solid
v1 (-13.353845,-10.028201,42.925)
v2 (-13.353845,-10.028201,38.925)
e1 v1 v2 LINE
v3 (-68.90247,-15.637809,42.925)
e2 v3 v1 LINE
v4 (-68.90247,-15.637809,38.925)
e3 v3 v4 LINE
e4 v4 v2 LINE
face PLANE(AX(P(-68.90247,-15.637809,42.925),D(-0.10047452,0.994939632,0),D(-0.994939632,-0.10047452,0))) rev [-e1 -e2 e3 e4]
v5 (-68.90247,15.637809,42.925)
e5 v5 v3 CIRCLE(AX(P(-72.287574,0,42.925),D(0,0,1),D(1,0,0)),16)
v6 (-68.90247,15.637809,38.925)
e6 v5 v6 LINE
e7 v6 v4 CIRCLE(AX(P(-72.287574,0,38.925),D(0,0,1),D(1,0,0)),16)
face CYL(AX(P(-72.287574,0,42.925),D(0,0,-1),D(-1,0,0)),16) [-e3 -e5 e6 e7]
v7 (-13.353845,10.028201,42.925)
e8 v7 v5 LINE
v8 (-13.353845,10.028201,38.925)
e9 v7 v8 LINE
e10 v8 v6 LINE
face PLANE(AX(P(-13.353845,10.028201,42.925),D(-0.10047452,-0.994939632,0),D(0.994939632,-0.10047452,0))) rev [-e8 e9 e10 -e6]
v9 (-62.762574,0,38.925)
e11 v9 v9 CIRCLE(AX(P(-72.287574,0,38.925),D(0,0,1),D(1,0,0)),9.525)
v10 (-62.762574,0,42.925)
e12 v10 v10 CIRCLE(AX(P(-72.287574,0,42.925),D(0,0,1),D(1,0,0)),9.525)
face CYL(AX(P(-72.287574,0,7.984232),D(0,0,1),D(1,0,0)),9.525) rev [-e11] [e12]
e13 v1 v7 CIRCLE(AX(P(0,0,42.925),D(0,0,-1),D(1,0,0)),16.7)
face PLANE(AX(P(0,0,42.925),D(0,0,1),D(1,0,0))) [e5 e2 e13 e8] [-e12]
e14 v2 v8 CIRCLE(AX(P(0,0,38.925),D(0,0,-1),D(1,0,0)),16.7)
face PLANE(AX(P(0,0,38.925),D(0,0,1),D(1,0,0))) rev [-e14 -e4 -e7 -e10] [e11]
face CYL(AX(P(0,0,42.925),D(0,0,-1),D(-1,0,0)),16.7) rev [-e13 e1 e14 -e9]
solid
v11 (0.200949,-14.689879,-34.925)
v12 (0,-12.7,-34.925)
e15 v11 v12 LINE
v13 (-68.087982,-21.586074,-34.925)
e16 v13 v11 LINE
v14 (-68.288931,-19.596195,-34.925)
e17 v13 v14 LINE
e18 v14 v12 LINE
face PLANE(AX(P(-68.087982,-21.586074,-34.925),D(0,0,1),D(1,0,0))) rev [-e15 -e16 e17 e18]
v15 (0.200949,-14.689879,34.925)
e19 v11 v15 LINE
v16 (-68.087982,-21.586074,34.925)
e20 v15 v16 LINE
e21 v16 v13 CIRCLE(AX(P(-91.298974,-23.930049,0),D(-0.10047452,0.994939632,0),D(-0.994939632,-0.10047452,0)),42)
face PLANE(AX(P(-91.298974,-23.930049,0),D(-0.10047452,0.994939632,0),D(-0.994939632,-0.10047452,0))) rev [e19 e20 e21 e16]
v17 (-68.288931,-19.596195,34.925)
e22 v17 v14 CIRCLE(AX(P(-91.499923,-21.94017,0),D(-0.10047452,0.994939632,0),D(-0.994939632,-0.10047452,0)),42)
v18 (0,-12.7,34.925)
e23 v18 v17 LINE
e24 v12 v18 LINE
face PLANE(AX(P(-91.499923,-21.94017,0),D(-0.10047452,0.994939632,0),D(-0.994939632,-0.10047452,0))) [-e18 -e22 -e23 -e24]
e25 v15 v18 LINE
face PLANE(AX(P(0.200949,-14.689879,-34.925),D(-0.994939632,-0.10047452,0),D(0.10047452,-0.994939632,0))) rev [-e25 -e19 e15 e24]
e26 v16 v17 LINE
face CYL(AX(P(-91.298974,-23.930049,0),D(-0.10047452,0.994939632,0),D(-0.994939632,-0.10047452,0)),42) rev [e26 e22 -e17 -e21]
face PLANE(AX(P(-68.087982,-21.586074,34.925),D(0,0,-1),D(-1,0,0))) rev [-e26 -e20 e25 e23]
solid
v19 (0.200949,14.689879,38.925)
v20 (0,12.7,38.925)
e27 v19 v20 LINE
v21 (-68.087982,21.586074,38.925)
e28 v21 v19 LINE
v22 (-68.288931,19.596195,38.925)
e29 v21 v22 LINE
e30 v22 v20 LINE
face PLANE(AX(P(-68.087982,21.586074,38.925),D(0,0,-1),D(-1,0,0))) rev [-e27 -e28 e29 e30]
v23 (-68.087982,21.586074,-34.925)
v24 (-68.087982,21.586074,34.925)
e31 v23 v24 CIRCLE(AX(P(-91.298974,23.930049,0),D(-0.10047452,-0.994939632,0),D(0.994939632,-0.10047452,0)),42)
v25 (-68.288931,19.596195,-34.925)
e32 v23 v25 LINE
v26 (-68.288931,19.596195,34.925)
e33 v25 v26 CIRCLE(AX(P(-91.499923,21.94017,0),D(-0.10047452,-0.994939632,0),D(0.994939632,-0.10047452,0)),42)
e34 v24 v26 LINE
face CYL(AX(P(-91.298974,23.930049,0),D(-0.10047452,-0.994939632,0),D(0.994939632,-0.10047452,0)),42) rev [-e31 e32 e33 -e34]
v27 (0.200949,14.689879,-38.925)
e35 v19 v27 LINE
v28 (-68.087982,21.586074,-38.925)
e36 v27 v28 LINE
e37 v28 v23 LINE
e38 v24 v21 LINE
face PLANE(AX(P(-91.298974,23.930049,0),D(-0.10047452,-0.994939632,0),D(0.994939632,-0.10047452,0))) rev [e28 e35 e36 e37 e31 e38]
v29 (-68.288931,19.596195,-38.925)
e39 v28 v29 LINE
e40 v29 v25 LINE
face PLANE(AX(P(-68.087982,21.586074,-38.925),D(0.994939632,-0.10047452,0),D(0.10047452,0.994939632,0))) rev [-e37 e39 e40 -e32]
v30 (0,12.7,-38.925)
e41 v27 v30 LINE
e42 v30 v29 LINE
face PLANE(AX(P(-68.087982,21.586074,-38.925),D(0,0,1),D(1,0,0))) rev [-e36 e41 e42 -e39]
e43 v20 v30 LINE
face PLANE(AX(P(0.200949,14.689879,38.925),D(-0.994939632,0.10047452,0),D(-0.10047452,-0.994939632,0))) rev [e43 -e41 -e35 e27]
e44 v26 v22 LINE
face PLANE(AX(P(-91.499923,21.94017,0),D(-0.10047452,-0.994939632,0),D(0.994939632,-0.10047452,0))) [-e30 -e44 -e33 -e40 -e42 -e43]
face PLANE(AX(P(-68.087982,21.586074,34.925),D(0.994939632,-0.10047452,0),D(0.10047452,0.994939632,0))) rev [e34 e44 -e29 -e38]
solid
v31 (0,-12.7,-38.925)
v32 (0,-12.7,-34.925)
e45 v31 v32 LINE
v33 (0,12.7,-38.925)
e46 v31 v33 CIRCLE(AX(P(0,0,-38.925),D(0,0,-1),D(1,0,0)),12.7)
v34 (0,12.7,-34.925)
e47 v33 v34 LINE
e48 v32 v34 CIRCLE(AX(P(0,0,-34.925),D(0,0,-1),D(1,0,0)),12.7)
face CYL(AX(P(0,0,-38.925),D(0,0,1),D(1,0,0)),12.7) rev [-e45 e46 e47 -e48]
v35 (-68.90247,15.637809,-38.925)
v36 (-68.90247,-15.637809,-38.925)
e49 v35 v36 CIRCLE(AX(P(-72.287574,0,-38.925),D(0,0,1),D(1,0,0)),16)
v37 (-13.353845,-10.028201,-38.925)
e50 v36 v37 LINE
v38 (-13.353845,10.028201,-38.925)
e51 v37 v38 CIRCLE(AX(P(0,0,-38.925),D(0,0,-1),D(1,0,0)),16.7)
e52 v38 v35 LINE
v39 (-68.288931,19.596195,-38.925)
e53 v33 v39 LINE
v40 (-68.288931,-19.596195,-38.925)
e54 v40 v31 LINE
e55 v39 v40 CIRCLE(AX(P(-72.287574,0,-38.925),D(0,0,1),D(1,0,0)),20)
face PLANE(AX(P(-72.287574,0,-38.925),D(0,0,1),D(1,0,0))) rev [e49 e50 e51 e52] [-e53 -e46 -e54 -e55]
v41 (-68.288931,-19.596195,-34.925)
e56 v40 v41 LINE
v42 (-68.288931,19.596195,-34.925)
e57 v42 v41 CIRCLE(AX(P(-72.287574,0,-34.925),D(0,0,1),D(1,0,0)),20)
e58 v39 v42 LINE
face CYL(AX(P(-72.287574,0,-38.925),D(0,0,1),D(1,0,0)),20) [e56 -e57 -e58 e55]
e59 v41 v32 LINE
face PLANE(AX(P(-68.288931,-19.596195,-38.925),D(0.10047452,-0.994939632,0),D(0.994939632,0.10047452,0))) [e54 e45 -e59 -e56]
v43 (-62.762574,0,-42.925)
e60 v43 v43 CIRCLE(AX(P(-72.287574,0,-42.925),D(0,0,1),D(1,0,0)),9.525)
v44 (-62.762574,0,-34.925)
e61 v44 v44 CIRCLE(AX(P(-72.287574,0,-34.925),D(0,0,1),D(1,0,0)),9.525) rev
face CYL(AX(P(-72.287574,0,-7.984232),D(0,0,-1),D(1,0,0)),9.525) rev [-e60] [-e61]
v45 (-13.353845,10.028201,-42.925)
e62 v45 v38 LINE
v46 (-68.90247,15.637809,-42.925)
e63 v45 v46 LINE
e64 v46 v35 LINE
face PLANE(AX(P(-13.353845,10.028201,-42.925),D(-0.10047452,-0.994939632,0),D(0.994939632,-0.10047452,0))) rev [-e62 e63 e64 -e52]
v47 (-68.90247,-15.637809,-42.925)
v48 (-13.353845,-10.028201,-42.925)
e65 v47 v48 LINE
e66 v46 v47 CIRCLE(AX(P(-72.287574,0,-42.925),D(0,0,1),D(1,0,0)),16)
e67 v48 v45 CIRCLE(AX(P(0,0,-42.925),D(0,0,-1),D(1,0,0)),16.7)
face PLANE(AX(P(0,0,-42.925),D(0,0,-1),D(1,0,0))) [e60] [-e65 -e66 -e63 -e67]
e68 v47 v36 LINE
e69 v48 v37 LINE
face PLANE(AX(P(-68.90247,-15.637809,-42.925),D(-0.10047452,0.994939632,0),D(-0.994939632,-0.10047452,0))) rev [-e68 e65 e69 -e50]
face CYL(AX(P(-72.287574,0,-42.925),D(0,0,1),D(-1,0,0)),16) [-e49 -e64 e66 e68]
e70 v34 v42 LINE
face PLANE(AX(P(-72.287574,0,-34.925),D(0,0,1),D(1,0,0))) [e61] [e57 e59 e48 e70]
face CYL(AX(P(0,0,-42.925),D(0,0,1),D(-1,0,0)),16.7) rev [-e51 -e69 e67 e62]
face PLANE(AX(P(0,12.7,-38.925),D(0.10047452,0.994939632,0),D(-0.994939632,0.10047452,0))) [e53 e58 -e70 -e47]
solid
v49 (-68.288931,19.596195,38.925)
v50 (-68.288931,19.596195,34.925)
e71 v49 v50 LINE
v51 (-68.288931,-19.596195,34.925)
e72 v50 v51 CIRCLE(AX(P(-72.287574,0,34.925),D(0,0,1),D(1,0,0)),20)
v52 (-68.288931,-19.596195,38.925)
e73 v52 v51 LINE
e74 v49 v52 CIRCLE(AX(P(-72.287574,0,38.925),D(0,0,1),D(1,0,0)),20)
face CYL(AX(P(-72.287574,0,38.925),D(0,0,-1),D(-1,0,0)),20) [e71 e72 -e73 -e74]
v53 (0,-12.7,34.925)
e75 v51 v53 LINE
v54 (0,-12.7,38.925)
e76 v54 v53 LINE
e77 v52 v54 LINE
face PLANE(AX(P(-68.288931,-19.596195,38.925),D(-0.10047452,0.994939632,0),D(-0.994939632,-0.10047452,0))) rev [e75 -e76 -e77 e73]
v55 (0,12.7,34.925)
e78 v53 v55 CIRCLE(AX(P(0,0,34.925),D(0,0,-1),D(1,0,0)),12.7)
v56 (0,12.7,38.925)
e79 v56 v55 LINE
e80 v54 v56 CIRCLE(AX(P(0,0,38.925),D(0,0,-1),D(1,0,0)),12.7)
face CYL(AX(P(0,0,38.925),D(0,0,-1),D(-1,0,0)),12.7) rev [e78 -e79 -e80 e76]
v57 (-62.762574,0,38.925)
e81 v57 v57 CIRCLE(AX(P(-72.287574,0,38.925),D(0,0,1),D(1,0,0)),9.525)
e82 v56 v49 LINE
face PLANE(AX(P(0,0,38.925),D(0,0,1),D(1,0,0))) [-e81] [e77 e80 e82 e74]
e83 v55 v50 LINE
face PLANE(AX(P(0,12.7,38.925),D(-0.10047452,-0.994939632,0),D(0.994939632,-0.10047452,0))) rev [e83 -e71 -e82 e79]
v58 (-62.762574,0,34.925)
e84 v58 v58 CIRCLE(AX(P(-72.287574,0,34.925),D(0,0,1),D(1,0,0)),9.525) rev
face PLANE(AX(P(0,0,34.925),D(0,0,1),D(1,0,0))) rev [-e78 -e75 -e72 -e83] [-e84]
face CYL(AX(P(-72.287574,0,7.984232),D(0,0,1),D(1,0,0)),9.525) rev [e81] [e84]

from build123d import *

# Parameters (mm, degrees)
BOSS_EXTRUDE1_DEPTH = 4
BOSS_EXTRUDE2_START = -4
BOSS_EXTRUDE2_DEPTH = 4
BOSS_EXTRUDE3_DEPTH = 4
CUT_EXTRUDE1_START  = -8
SKETCH6_R           = 9.525
CUT_EXTRUDE1_DEPTH  = 8
BOSS_EXTRUDE4_DEPTH = 2
BOSS_EXTRUDE5_DEPTH = 2


with BuildPart() as part:
    # Sketch1 → Boss-Extrude1 (new body)
    with BuildSketch(Plane.XY.offset(34.925)):
        with BuildLine():
            Line((0, 12.7), (-68.288930824, 19.596194833))
            ThreePointArc((-68.288930824, 19.596194833), (-92.287574102, 0), (-68.288930824, -19.596194833))
            Line((-68.288930824, -19.596194833), (0, -12.7))
            ThreePointArc((0, -12.7), (-12.7, 0), (0, 12.7))
        make_face()
    extrude(amount=BOSS_EXTRUDE1_DEPTH)


with BuildPart() as body_2:
    # Sketch2 → Boss-Extrude2 (new body)
    with BuildSketch(Plane.XY.offset(-34.925).offset(BOSS_EXTRUDE2_START)):
        with BuildLine():
            Line((-68.288930824, -19.596194833), (0, -12.7))
            ThreePointArc((0, -12.7), (-12.7, 0), (0, 12.7))
            Line((0, 12.7), (-68.288930824, 19.596194833))
            ThreePointArc((-68.288930824, 19.596194833), (-92.287574102, 0), (-68.288930824, -19.596194833))
        make_face()
    extrude(amount=BOSS_EXTRUDE2_DEPTH)


with BuildPart() as body_3:
    # Sketch5 → Boss-Extrude3 (new body)
    with BuildSketch(Plane.XY.offset(38.925)):
        with BuildLine():
            Line((-13.353845377, 10.028200918), (-68.902470005, 15.637808998))
            ThreePointArc((-68.902470005, 15.637808998), (-88.287574102, 0), (-68.902470005, -15.637808998))
            Line((-68.902470005, -15.637808998), (-13.353845377, -10.028200918))
            ThreePointArc((-13.353845377, -10.028200918), (-16.7, 0), (-13.353845377, 10.028200918))
        make_face()
    boss_extrude3 = extrude(amount=BOSS_EXTRUDE3_DEPTH)


with BuildPart() as cut_extrude1_tool:
    # Sketch6 → Cut-Extrude1 (new body)
    with BuildSketch(Plane.XY.offset(42.925).offset(CUT_EXTRUDE1_START)):
        with Locations((-72.287574102, 0)):
            Circle(SKETCH6_R)
    cut_extrude1 = extrude(amount=CUT_EXTRUDE1_DEPTH)


with BuildPart() as part_1:
    add(part.part)

    # Cut-Extrude1: cut by cut_extrude1_tool
    add(cut_extrude1_tool.part, mode=Mode.SUBTRACT)


with BuildPart() as body_3_1:
    add(body_3.part)

    # Cut-Extrude1: cut by cut_extrude1_tool
    add(cut_extrude1_tool.part, mode=Mode.SUBTRACT)


with BuildPart() as body_2_1:
    add(body_2.part)

    # Mirror1: Boss-Extrude3, Cut-Extrude1 across plane
    add(boss_extrude3.mirror(Plane.XY))
    add(cut_extrude1.mirror(Plane.XY), mode=Mode.SUBTRACT)


with BuildPart() as body_4:
    # Sketch7 → Boss-Extrude4 (new body)
    with BuildSketch(Plane(origin=(1.269569241, 12.571791859, 0), x_dir=(0.9949396317493256, -0.10047452002630568, 0), z_dir=(0.10047452002630568, 0.9949396317493256, 0))):
        with BuildLine():
            Line((-1.276026404, -38.925), (-1.276026404, 38.925))
            Line((-1.276026404, 38.925), (-69.912281957, 38.925))
            Line((-69.912281957, 38.925), (-69.912281957, 34.925))
            ThreePointArc((-69.912281957, 34.925), (-51.241327694, 0), (-69.912281957, -34.925))
            Line((-69.912281957, -34.925), (-69.912281957, -38.925))
            Line((-69.912281957, -38.925), (-1.276026404, -38.925))
        make_face()
    extrude(amount=BOSS_EXTRUDE4_DEPTH)


with BuildPart() as body_5:
    # Sketch8 → Boss-Extrude5 (new body)
    with BuildSketch(Plane(origin=(1.269569241, -12.571791859, 0), x_dir=(-0.9949396317493256, -0.10047452002630568, 0), z_dir=(0.10047452002630568, -0.9949396317493256, 0))):
        with BuildLine():
            Line((69.912281957, 34.925), (1.276026404, 34.925))
            Line((1.276026404, 34.925), (1.276026404, -34.925))
            Line((1.276026404, -34.925), (69.912281957, -34.925))
            ThreePointArc((69.912281957, -34.925), (51.241327694, 0), (69.912281957, 34.925))
        make_face()
    extrude(amount=BOSS_EXTRUDE5_DEPTH)


solid = Compound([part_1.part, body_3_1.part, body_2_1.part, body_4.part, body_5.part])
